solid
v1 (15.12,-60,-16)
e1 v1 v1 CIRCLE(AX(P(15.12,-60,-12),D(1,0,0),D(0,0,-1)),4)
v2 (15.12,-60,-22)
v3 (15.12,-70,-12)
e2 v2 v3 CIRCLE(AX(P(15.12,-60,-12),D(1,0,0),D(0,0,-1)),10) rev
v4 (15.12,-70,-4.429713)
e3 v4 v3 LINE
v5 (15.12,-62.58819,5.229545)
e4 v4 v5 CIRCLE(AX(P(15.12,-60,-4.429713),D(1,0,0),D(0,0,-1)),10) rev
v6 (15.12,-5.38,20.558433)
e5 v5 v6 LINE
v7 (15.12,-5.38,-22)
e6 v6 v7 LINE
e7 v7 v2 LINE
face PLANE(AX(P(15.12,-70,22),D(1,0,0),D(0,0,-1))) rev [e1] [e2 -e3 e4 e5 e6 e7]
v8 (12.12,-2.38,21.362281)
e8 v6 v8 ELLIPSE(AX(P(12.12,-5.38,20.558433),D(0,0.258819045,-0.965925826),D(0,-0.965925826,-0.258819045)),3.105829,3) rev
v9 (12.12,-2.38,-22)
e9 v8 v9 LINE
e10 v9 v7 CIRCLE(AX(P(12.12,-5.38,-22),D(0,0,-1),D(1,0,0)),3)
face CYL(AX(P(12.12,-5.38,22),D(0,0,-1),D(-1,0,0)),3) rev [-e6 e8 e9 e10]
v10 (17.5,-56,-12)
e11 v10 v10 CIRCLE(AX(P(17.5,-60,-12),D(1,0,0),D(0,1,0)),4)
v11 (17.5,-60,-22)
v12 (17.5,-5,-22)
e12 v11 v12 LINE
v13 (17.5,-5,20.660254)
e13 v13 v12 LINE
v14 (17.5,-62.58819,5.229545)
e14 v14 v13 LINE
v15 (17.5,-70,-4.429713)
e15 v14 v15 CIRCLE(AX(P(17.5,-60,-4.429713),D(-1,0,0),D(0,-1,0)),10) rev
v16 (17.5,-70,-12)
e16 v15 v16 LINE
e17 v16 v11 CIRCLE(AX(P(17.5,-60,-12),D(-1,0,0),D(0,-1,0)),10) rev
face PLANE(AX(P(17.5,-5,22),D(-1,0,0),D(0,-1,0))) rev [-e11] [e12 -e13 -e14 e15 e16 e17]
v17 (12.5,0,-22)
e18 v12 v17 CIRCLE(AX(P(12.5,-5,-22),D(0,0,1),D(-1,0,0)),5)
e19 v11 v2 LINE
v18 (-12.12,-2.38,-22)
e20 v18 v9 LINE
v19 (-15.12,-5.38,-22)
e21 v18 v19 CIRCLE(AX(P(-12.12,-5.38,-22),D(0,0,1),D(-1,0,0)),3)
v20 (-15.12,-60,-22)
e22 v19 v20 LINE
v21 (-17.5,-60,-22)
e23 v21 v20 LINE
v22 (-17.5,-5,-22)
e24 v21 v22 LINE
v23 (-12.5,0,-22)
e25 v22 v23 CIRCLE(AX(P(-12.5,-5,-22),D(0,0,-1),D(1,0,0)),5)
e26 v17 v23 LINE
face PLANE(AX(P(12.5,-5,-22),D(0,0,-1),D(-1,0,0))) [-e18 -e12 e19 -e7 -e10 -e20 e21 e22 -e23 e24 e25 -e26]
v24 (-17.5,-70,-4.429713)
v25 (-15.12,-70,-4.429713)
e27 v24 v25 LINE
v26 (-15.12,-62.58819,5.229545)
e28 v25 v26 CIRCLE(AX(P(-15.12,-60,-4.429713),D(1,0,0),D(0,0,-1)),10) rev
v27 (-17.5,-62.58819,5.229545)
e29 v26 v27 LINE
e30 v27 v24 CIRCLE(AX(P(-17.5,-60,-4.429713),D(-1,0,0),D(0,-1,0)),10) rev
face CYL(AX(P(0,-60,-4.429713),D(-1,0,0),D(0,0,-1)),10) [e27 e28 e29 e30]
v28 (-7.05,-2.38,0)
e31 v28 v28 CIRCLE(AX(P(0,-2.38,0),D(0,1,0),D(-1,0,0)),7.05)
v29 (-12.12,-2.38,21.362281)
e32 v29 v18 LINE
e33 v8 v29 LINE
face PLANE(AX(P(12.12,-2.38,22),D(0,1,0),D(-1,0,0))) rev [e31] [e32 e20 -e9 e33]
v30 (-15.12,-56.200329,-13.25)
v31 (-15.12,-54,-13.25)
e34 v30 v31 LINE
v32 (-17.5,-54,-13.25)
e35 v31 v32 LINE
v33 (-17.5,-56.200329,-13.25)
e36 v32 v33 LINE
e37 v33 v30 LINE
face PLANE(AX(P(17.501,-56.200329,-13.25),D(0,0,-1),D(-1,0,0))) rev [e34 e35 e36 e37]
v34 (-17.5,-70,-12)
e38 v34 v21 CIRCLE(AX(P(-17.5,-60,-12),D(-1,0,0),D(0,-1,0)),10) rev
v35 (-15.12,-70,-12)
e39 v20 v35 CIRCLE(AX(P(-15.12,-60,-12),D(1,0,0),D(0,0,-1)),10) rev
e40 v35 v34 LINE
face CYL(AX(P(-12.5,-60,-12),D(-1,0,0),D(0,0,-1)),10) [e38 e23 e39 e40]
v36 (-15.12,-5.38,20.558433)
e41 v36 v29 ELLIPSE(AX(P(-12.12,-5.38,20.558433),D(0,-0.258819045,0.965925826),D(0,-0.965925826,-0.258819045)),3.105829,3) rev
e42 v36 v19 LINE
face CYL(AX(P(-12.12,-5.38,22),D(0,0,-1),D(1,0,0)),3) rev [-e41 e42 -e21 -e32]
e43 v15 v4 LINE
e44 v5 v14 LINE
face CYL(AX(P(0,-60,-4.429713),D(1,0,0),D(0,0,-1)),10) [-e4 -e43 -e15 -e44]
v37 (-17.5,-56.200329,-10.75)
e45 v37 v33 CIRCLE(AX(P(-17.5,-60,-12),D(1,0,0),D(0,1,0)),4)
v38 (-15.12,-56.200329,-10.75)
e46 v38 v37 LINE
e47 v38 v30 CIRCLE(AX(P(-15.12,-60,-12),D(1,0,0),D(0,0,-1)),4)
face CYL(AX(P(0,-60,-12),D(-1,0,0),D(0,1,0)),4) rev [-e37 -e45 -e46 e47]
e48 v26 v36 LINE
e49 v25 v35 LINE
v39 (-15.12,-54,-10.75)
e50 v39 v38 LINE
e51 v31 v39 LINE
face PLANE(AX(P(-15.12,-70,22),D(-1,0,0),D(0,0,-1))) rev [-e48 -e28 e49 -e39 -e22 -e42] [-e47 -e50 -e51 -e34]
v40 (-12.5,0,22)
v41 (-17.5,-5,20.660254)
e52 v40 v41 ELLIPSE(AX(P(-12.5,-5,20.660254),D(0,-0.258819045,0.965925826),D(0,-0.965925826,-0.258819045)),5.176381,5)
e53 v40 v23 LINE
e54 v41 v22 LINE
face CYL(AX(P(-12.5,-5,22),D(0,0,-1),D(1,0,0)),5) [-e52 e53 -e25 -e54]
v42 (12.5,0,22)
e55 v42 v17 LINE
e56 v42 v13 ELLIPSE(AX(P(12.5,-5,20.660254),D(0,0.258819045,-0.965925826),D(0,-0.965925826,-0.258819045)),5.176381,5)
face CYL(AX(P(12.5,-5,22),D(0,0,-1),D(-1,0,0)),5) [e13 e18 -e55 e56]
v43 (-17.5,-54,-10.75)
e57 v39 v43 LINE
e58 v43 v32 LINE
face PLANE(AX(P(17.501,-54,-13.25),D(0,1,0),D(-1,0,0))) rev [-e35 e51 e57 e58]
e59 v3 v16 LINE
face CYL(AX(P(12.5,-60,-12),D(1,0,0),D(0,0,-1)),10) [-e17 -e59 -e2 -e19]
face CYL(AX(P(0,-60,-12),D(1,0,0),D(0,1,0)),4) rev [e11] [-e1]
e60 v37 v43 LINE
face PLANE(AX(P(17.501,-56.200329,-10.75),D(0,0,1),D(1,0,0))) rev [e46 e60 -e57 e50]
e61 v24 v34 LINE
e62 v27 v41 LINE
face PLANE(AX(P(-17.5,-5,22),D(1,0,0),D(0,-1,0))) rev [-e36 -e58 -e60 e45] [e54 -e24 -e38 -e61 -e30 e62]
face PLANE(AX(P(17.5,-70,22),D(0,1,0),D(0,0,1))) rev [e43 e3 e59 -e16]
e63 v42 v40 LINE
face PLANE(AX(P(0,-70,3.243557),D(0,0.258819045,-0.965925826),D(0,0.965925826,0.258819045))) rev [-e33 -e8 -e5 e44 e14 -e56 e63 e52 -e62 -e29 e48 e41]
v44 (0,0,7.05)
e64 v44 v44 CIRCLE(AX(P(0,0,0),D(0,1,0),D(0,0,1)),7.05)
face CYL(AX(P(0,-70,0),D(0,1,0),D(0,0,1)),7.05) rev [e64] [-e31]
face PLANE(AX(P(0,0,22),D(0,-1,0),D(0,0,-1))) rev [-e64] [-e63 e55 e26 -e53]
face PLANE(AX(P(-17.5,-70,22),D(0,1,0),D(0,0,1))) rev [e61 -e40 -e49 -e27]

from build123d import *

# Parameters (mm, degrees)
BOSS_EXTRUDE1_DEPTH = 22
CUT_EXTRUDE1_DEPTH  = 18.5
SKETCH4_R           = 4
CUT_EXTRUDE2_DEPTH  = 18.5
FILLET2_R           = 10
FILLET3_R           = 10
SKETCH5_R           = 7.05
CUT_EXTRUDE3_DEPTH  = 71
CUT_EXTRUDE6_REACH  = 37


with BuildPart() as part:
    # Sketch1 → Boss-Extrude1 (new body, symmetric)
    with BuildSketch(Plane.XY):
        with BuildLine():
            Line((0, 0), (12.5, 0))
            ThreePointArc((12.5, 0), (16.035533906, -1.464466094), (17.5, -5))
            Line((17.5, -5), (17.5, -70))
            Line((17.5, -70), (15.12, -70))
            Line((15.12, -70), (15.12, -5.38))
            ThreePointArc((15.12, -5.38), (14.241320344, -3.258679656), (12.12, -2.38))
            Line((12.12, -2.38), (0, -2.38))
            Line((0, -2.38), (0, 0))
        make_face()
    extrude(amount=BOSS_EXTRUDE1_DEPTH, both=True)

    # Sketch3 → Cut-Extrude1 (cut, through all)
    with BuildSketch(Plane(origin=(17.5, 0, 0), x_dir=(0, 0, -1), z_dir=(1, 0, 0))):
        Polygon((-22, 0), (-22, -70), (-3.24355653, -70), align=None)
    extrude(amount=-CUT_EXTRUDE1_DEPTH, mode=Mode.SUBTRACT)

    # Sketch4 → Cut-Extrude2 (cut, through all)
    with BuildSketch(Plane(origin=(17.5, 0, 0), x_dir=(0, 0, -1), z_dir=(1, 0, 0))):
        with Locations((12, -60)):
            Circle(SKETCH4_R)
    extrude(amount=-CUT_EXTRUDE2_DEPTH, mode=Mode.SUBTRACT)

    # Fillet2
    fillet2_edges = [part.edges().sort_by_distance(p)[0] for p in [
        (16.31, -70, -22),
    ]]
    fillet(fillet2_edges, radius=FILLET2_R)

    # Fillet3
    fillet3_edges = [part.edges().sort_by_distance(p)[0] for p in [
        (16.31, -70, 3.24355653),
    ]]
    fillet(fillet3_edges, radius=FILLET3_R)

    # Mirror1: part across plane


with BuildPart() as part_1:
    add(part.part)
    add(part.part.mirror(Plane(origin=(0, 0, 0), x_dir=(0, 0, 1), z_dir=(1, 0, 0))))

    # Sketch5 → Cut-Extrude3 (cut, through all)
    with BuildSketch(Plane(origin=(0, 0, 0), x_dir=(1, 0, 0), z_dir=(0, 1, 0))):
        Circle(SKETCH5_R)
    extrude(amount=-CUT_EXTRUDE3_DEPTH, mode=Mode.SUBTRACT)

    # Sketch7 → Cut-Extrude6 (cut, up to next)
    with BuildSketch(Plane.ZY.offset(17.5), mode=Mode.PRIVATE) as cut_extrude6_sk1:
        Polygon((-13.25, -54), (-10.75, -54), (-10.75, -56.200328962), (-10.75, -56.332123316), (-13.25, -56.332123316), (-13.25, -56.200328962), align=None)
    cut_extrude6_tool1 = extrude(cut_extrude6_sk1.sketch, amount=-CUT_EXTRUDE6_REACH, mode=Mode.PRIVATE) & part_1.part
    add(cut_extrude6_tool1.solids().sort_by_distance((-17.5, -55.166062, -12))[0], mode=Mode.SUBTRACT)


solid = part_1.part
